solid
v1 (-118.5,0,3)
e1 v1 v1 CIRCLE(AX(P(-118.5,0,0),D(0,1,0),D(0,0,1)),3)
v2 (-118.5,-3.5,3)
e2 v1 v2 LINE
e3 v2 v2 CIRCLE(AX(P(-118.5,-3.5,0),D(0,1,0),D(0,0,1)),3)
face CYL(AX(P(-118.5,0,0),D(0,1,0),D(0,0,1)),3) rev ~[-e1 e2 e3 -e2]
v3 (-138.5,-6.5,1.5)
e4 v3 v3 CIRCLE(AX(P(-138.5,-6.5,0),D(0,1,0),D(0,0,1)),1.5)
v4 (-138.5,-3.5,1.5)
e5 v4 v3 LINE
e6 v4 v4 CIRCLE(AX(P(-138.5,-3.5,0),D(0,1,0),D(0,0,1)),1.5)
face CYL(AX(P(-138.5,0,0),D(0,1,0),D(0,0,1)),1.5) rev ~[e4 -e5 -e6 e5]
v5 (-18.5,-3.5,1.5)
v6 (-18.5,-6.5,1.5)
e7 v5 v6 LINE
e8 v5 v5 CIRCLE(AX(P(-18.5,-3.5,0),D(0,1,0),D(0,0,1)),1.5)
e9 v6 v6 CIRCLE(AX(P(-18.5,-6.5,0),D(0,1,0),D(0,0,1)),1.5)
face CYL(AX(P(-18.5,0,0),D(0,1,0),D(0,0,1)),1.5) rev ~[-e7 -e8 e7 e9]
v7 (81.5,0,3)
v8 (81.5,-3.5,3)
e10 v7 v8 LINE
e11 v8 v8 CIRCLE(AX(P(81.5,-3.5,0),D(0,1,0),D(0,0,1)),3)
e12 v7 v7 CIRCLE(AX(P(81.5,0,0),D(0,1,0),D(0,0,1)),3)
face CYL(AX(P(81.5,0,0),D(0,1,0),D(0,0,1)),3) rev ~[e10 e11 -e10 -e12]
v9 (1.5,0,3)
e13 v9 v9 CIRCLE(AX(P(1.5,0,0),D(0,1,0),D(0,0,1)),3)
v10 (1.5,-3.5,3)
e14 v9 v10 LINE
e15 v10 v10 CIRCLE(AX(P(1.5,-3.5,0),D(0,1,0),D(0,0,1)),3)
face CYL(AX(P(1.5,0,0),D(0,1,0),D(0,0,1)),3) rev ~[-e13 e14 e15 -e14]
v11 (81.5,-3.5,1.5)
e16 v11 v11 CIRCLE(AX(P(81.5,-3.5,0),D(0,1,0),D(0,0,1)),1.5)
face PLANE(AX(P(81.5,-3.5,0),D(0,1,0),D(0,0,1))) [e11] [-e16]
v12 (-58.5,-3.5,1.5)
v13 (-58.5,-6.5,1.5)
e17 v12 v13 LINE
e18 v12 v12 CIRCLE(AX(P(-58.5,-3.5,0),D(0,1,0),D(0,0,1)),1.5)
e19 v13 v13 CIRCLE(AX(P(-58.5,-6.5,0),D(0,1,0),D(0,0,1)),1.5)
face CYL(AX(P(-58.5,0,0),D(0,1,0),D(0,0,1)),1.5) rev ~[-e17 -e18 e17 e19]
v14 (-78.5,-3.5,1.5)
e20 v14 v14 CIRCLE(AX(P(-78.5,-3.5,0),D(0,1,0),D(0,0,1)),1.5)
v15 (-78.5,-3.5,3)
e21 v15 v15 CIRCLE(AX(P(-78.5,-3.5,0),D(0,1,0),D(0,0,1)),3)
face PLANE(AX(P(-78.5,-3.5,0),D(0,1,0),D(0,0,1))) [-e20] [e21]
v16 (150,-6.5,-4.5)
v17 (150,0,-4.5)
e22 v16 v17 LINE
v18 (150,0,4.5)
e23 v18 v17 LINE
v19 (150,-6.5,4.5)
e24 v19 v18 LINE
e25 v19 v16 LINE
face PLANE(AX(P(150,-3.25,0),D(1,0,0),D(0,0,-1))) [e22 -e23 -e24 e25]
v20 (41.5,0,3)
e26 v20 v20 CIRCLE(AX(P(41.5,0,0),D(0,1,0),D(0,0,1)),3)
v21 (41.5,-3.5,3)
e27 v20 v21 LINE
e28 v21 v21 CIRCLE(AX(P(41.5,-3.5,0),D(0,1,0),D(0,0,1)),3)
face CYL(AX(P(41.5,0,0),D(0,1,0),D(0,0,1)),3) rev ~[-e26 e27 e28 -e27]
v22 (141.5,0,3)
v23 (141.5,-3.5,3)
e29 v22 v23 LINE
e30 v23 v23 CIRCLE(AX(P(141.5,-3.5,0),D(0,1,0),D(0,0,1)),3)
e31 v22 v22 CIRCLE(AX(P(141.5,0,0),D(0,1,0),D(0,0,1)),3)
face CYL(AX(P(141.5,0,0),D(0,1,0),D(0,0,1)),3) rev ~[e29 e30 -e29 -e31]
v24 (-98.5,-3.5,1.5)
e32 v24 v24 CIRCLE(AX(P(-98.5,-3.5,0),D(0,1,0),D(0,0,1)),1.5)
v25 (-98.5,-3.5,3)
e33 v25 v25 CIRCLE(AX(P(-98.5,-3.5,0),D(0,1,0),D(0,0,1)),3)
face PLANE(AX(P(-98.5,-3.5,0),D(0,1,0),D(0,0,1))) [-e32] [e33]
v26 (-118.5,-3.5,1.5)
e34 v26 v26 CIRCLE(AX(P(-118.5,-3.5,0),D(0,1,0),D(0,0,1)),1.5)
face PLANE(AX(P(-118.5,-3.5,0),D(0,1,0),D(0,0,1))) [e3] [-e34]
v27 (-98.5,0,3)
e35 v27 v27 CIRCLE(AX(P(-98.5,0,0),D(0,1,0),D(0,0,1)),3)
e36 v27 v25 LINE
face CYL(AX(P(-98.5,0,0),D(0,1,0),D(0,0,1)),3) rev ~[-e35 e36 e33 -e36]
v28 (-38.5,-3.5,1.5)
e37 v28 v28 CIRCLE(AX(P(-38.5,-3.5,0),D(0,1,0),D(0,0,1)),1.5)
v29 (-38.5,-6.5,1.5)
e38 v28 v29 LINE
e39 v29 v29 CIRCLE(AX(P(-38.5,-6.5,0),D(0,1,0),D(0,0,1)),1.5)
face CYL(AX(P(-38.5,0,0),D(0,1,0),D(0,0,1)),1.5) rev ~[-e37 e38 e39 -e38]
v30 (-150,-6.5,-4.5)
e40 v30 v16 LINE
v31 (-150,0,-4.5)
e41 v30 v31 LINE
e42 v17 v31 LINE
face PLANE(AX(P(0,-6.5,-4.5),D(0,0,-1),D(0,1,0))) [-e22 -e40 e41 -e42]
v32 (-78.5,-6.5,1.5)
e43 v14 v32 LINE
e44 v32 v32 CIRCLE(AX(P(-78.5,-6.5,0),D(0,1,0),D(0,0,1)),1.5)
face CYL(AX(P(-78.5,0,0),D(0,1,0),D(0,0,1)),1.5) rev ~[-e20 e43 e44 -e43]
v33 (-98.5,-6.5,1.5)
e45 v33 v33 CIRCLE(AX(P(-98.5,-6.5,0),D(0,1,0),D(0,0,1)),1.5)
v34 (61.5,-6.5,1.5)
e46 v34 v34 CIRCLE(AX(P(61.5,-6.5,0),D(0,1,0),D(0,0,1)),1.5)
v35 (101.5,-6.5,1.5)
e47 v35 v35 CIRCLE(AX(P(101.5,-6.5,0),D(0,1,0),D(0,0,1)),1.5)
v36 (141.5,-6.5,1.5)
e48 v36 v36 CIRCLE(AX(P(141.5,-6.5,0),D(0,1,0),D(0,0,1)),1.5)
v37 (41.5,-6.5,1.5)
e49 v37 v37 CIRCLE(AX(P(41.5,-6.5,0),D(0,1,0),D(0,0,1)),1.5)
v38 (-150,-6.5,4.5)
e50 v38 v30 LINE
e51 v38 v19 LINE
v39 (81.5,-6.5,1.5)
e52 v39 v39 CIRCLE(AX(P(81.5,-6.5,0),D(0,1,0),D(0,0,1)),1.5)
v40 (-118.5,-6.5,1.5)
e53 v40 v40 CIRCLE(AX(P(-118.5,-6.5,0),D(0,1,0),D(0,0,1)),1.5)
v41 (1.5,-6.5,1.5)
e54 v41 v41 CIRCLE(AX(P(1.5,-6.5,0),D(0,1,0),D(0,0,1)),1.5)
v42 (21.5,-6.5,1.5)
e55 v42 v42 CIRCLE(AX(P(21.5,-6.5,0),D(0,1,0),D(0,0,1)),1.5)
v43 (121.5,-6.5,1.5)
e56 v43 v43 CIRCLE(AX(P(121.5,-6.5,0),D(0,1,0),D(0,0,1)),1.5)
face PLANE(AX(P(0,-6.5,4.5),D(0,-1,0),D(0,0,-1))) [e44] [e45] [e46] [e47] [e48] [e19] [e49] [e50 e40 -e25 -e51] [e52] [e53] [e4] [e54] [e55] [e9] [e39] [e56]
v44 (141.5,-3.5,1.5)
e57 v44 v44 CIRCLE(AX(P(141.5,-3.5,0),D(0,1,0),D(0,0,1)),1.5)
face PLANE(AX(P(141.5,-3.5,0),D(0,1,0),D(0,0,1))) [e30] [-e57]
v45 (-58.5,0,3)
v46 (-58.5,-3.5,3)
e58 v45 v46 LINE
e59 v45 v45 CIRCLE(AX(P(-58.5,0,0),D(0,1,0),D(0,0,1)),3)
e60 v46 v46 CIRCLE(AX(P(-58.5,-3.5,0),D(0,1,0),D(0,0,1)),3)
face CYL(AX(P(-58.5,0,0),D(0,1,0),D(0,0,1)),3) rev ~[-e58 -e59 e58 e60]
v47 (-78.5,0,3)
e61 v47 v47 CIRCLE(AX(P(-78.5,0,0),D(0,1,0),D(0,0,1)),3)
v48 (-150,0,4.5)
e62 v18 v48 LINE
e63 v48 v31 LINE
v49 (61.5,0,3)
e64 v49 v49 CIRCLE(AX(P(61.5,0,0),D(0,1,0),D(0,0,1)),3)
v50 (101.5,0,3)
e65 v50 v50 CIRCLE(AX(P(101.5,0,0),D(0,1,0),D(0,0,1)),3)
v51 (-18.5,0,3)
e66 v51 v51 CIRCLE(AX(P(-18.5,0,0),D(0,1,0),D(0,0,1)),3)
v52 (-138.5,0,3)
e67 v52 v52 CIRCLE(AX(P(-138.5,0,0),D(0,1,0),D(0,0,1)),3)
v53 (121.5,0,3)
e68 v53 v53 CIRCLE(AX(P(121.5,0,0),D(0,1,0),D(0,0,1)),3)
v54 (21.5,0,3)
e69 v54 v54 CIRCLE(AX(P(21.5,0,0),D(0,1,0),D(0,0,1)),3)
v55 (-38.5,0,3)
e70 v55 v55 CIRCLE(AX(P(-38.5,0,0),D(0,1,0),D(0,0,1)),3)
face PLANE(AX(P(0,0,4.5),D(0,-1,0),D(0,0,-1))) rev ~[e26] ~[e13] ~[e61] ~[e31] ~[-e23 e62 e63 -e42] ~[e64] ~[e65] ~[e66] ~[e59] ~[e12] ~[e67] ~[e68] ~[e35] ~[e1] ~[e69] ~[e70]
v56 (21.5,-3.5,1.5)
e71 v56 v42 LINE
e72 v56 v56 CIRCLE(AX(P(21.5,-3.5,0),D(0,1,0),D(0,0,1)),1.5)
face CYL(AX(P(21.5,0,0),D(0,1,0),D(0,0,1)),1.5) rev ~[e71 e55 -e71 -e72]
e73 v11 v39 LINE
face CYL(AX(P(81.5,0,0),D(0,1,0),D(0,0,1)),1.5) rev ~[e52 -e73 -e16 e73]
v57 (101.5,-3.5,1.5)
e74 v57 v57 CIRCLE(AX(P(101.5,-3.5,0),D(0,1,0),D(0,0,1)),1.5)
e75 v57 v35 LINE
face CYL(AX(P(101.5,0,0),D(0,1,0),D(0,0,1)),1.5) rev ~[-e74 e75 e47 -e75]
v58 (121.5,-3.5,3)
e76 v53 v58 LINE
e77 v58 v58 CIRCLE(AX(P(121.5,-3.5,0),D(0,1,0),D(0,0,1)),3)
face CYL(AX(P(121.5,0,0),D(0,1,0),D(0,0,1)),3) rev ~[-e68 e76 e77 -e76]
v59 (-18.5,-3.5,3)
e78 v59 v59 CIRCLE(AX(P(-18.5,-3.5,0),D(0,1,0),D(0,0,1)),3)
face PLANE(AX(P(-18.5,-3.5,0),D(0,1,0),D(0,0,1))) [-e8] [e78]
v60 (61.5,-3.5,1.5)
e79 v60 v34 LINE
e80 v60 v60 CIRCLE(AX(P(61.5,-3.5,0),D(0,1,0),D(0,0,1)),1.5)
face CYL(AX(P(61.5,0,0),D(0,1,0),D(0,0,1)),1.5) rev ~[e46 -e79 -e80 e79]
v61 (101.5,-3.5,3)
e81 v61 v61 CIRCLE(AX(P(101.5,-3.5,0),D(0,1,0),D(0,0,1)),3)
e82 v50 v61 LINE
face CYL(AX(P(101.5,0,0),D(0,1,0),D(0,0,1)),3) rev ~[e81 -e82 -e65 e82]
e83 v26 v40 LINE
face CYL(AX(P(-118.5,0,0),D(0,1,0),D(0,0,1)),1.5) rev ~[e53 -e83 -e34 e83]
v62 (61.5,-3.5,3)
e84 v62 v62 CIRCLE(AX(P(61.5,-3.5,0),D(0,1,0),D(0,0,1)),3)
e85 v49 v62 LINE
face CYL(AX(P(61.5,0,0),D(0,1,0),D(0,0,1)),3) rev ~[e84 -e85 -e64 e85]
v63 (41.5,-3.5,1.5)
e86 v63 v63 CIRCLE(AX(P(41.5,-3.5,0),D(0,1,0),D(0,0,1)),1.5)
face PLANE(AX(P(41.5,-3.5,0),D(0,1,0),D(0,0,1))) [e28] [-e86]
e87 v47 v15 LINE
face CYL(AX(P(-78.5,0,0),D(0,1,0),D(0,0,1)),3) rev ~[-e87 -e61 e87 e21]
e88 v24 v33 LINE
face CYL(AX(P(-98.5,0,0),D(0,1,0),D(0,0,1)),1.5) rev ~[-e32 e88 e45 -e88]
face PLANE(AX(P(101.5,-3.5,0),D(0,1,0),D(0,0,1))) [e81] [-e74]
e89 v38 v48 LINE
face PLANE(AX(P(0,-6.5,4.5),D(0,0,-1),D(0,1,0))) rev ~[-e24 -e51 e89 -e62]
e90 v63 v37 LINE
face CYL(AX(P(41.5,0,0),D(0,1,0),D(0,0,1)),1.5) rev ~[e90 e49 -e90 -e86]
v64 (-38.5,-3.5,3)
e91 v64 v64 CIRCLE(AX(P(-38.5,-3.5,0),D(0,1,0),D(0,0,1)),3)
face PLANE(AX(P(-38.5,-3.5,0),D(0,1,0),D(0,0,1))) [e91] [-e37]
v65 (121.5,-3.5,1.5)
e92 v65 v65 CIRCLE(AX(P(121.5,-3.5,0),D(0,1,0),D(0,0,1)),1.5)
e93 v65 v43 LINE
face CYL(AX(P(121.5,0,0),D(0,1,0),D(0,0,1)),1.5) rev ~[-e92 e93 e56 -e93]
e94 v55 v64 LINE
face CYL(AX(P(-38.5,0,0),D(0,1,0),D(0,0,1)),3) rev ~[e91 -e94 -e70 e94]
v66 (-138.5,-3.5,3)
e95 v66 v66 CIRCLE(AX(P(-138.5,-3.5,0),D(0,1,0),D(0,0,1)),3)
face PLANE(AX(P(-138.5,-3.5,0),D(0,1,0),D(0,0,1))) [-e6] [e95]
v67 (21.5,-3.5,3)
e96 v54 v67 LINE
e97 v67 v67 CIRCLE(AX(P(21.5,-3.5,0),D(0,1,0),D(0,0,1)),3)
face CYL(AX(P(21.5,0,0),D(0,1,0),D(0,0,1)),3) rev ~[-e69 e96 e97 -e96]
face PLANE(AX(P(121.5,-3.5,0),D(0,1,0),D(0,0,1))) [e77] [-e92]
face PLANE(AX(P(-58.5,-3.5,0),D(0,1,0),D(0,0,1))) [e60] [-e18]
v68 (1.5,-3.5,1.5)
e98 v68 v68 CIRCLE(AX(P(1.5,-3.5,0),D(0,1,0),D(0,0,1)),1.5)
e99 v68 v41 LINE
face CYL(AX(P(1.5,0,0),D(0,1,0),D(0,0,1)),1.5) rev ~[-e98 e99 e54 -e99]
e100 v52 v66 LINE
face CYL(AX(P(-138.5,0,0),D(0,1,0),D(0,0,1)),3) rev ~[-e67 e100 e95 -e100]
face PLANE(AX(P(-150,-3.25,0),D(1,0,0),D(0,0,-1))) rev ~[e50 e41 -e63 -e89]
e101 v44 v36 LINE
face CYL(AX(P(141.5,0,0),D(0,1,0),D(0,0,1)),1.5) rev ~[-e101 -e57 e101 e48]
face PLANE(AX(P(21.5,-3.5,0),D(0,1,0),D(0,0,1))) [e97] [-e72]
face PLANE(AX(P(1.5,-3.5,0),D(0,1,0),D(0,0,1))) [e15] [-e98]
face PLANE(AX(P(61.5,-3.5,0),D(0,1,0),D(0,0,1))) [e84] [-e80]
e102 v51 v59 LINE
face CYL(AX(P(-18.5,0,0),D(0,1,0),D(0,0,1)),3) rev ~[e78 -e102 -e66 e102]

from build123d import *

# Parameters (mm, degrees)
SKETCH1_W           = 9
SKETCH1_H           = 6.5
BOSS_EXTRUDE1_DEPTH = 150
SKETCH2_R           = 1.5
CUT_EXTRUDE1_DEPTH  = 151.208188858
SKETCH3_R           = 3
CUT_EXTRUDE2_DEPTH  = 3.5


with BuildPart() as part:
    # Sketch1 → Boss-Extrude1 (new, symmetric)
    with BuildSketch(Plane(origin=(0, 0, 0), x_dir=(0, 0, -1), z_dir=(1, 0, 0))):
        with Locations((0, -3.25)):
            Rectangle(SKETCH1_W, SKETCH1_H)
    extrude(amount=BOSS_EXTRUDE1_DEPTH, both=True)

    # Sketch2 → Cut-Extrude1 (cut, through all)
    with BuildSketch(Plane(origin=(0, 0, 0), x_dir=(1, 0, 0), z_dir=(0, 1, 0))):
        with Locations(Location((-138.5, 0, 0), (0, 0, 270))):
            Circle(SKETCH2_R)
        with Locations(Location((-118.5, 0, 0), (0, 0, 270))):
            Circle(SKETCH2_R)
        with Locations(Location((-98.5, 0, 0), (0, 0, 270))):
            Circle(SKETCH2_R)
        with Locations(Location((-78.5, 0, 0), (0, 0, 270))):
            Circle(SKETCH2_R)
        with Locations(Location((-58.5, 0, 0), (0, 0, 270))):
            Circle(SKETCH2_R)
        with Locations(Location((-38.5, 0, 0), (0, 0, 270))):
            Circle(SKETCH2_R)
        with Locations(Location((-18.5, 0, 0), (0, 0, 270))):
            Circle(SKETCH2_R)
        with Locations(Location((1.5, 0, 0), (0, 0, 270))):
            Circle(SKETCH2_R)
        with Locations(Location((21.5, 0, 0), (0, 0, 270))):
            Circle(SKETCH2_R)
        with Locations(Location((41.5, 0, 0), (0, 0, 270))):
            Circle(SKETCH2_R)
        with Locations(Location((61.5, 0, 0), (0, 0, 270))):
            Circle(SKETCH2_R)
        with Locations(Location((81.5, 0, 0), (0, 0, 270))):
            Circle(SKETCH2_R)
        with Locations(Location((101.5, 0, 0), (0, 0, 270))):
            Circle(SKETCH2_R)
        with Locations(Location((121.5, 0, 0), (0, 0, 270))):
            Circle(SKETCH2_R)
        with Locations(Location((141.5, 0, 0), (0, 0, 270))):
            Circle(SKETCH2_R)
    extrude(amount=-CUT_EXTRUDE1_DEPTH, mode=Mode.SUBTRACT)

    # Sketch3 → Cut-Extrude2 (cut)
    with BuildSketch(Plane(origin=(0, 0, 0), x_dir=(1, 0, 0), z_dir=(0, 1, 0))):
        with Locations(Location((-138.5, 0, 0), (0, 0, 270))):
            Circle(SKETCH3_R)
        with Locations(Location((-118.5, 0, 0), (0, 0, 270))):
            Circle(SKETCH3_R)
        with Locations(Location((-98.5, 0, 0), (0, 0, 270))):
            Circle(SKETCH3_R)
        with Locations(Location((-78.5, 0, 0), (0, 0, 270))):
            Circle(SKETCH3_R)
        with Locations(Location((-58.5, 0, 0), (0, 0, 270))):
            Circle(SKETCH3_R)
        with Locations(Location((-38.5, 0, 0), (0, 0, 270))):
            Circle(SKETCH3_R)
        with Locations(Location((-18.5, 0, 0), (0, 0, 270))):
            Circle(SKETCH3_R)
        with Locations(Location((1.5, 0, 0), (0, 0, 270))):
            Circle(SKETCH3_R)
        with Locations(Location((21.5, 0, 0), (0, 0, 270))):
            Circle(SKETCH3_R)
        with Locations(Location((41.5, 0, 0), (0, 0, 270))):
            Circle(SKETCH3_R)
        with Locations(Location((61.5, 0, 0), (0, 0, 270))):
            Circle(SKETCH3_R)
        with Locations(Location((81.5, 0, 0), (0, 0, 270))):
            Circle(SKETCH3_R)
        with Locations(Location((101.5, 0, 0), (0, 0, 270))):
            Circle(SKETCH3_R)
        with Locations(Location((121.5, 0, 0), (0, 0, 270))):
            Circle(SKETCH3_R)
        with Locations(Location((141.5, 0, 0), (0, 0, 270))):
            Circle(SKETCH3_R)
    extrude(amount=-CUT_EXTRUDE2_DEPTH, mode=Mode.SUBTRACT)


solid = part.part
